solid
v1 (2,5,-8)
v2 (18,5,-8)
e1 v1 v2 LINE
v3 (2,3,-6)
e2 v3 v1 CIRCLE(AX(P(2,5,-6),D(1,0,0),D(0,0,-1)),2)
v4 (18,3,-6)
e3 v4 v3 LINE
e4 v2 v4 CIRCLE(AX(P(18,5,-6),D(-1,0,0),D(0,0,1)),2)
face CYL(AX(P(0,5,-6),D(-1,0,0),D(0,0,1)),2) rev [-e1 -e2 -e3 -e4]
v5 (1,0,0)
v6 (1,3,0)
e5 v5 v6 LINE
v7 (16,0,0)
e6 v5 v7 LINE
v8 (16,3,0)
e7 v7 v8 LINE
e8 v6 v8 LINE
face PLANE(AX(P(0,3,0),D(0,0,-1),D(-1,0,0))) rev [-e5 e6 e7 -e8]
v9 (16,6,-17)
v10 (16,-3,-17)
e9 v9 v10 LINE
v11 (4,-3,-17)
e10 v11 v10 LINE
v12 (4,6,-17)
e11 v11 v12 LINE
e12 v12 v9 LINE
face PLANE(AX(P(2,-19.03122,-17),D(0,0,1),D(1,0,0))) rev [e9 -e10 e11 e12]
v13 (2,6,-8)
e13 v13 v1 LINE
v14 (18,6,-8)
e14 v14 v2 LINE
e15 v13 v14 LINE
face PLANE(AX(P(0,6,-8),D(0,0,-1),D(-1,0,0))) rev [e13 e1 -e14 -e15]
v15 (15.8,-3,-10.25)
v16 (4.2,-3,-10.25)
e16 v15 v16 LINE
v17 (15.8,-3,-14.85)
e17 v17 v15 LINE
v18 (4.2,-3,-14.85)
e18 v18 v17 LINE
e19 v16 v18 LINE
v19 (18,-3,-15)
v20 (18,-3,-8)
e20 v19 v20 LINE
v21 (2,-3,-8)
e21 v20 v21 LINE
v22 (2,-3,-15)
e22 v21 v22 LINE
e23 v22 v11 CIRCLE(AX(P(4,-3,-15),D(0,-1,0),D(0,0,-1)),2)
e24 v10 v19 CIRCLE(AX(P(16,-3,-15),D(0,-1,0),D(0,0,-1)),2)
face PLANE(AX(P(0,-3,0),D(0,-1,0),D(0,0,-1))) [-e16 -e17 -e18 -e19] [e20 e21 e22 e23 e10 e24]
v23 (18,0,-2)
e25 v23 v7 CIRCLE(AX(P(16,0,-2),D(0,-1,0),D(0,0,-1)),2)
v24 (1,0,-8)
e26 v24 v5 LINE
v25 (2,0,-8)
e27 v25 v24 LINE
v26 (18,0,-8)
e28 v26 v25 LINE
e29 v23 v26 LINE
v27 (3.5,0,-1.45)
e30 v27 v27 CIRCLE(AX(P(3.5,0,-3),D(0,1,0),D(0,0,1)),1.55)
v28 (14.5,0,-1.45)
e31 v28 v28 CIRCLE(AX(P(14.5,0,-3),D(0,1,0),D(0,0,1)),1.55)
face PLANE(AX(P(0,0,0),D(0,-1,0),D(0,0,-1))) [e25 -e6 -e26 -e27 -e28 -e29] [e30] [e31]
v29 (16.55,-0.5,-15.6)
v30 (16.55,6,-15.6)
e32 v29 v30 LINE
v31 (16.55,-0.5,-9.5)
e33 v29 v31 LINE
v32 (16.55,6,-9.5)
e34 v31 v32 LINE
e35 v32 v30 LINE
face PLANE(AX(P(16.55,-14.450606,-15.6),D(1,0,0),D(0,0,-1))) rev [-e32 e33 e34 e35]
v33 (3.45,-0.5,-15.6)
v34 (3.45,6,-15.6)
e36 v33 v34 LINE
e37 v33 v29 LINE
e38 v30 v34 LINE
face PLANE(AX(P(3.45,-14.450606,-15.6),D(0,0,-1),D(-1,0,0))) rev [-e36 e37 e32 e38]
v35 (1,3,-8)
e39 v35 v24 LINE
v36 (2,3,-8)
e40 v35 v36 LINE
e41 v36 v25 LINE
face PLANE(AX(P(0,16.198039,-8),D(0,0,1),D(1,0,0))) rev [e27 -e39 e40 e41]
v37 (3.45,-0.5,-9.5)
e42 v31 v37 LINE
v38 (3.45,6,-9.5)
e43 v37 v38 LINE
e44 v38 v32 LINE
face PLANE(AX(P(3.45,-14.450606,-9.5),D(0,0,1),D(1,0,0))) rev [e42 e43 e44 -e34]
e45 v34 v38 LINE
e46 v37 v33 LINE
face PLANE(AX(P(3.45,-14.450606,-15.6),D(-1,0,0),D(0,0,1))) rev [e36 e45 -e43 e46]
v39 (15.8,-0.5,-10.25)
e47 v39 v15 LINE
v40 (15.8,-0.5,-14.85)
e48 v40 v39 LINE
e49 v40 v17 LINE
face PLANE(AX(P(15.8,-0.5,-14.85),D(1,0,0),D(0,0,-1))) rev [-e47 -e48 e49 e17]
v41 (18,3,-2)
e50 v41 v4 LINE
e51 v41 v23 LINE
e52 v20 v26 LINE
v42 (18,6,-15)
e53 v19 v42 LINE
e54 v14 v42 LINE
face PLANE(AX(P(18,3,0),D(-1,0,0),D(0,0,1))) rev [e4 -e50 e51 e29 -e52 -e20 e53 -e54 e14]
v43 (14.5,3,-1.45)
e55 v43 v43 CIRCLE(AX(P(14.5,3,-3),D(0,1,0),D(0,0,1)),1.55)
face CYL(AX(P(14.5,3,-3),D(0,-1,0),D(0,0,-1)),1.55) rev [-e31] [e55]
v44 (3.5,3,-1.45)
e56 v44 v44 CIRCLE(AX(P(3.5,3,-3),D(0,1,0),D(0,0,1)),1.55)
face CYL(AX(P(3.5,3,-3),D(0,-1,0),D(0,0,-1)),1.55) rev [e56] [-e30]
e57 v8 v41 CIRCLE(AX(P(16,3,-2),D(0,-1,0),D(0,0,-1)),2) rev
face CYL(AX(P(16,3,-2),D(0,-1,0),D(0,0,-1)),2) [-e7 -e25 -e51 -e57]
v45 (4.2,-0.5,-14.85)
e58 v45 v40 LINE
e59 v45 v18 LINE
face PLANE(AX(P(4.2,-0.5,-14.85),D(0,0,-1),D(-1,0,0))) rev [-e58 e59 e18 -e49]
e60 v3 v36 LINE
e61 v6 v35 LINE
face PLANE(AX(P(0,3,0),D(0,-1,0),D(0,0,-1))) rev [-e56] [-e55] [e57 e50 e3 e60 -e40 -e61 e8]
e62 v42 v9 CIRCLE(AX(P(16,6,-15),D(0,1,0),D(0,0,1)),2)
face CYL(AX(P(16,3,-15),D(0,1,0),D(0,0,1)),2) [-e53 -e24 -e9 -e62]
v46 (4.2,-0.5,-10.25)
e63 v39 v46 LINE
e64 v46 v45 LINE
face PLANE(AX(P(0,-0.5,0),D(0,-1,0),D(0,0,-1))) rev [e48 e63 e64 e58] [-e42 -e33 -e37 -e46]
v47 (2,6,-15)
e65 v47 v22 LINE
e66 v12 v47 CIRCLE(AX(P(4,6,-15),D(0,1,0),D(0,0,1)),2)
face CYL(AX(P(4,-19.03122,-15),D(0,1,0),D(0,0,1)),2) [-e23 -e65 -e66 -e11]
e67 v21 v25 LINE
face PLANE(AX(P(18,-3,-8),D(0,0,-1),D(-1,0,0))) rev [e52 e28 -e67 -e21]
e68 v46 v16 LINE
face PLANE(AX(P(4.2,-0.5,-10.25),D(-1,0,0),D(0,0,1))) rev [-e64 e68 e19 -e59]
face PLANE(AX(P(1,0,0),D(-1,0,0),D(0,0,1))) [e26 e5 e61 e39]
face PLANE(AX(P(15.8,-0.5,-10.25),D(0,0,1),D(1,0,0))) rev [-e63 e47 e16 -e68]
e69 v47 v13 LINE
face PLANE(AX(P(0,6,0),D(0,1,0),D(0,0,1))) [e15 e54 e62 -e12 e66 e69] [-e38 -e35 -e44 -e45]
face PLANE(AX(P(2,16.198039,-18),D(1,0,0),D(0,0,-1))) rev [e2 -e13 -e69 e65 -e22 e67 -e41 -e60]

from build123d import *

# Parameters (mm, degrees)
CROQUIS1_W              = 18
CROQUIS1_H              = 18
CROQUIS1_R              = 1.55
SALIENTE_EXTRUIR1_DEPTH = 3
CROQUIS3_W              = 18
CROQUIS3_H              = 10
SALIENTE_EXTRUIR3_DEPTH = 3
CROQUIS4_W              = 2
CROQUIS4_H              = 10
CORTAR_EXTRUIR1_DEPTH   = 6
CROQUIS7_W              = 13.1
CROQUIS7_H              = 6.1
CORTAR_EXTRUIR2_DEPTH   = 6
CROQUIS9_W              = 16
CROQUIS9_H              = 10
CROQUIS9_W_2            = 13.1
CROQUIS9_H_2            = 6.1
SALIENTE_EXTRUIR4_DEPTH = 3
CROQUIS10_W             = 13.1
CROQUIS10_H             = 6.1
CROQUIS10_W_2           = 11.6
CROQUIS10_H_2           = 4.6
SALIENTE_EXTRUIR6_DEPTH = 2.5
CROQUIS11_W             = 16
CROQUIS11_H             = 1
CORTAR_EXTRUIR4_DEPTH   = 9
REDONDEO1_R             = 2
CROQUIS12_W             = 8
CROQUIS12_H             = 3
CORTAR_EXTRUIR5_DEPTH   = 1
REDONDEO2_R             = 2


with BuildPart() as part:
    # Croquis1 → Saliente-Extruir1 (new body)
    with BuildSketch(Plane(origin=(0, 0, 0), x_dir=(1, 0, 0), z_dir=(0, 1, 0))):
        with Locations((9, 9)):
            Rectangle(CROQUIS1_W, CROQUIS1_H)
        with Locations((3.5, 3)):
            Circle(CROQUIS1_R, mode=Mode.SUBTRACT)
        with Locations((14.5, 3)):
            Circle(CROQUIS1_R, mode=Mode.SUBTRACT)
    extrude(amount=SALIENTE_EXTRUIR1_DEPTH)

    # Croquis3 → Saliente-Extruir3 (add)
    with BuildSketch(Plane(origin=(0, 3, 0), x_dir=(1, 0, 0), z_dir=(0, 1, 0))):
        with Locations((9, 13)):
            Rectangle(CROQUIS3_W, CROQUIS3_H)
    extrude(amount=SALIENTE_EXTRUIR3_DEPTH)

    # Croquis4 → Cortar-Extruir1 (cut)
    with BuildSketch(Plane.XZ):
        with Locations((1, -13)):
            Rectangle(CROQUIS4_W, CROQUIS4_H)
    extrude(amount=-CORTAR_EXTRUIR1_DEPTH, mode=Mode.SUBTRACT)

    # Croquis7 → Cortar-Extruir2 (cut)
    with BuildSketch(Plane(origin=(0, 6, 0), x_dir=(1, 0, 0), z_dir=(0, 1, 0))):
        with Locations((10, 12.55)):
            Rectangle(CROQUIS7_W, CROQUIS7_H)
    extrude(amount=-CORTAR_EXTRUIR2_DEPTH, mode=Mode.SUBTRACT)

    # Croquis9 → Saliente-Extruir4 (add)
    with BuildSketch(Plane.XZ):
        with Locations((10, -13)):
            Rectangle(CROQUIS9_W, CROQUIS9_H)
        with Locations((10, -12.55)):
            Rectangle(CROQUIS9_W_2, CROQUIS9_H_2, mode=Mode.SUBTRACT)
    extrude(amount=SALIENTE_EXTRUIR4_DEPTH)

    # Croquis10 → Saliente-Extruir6 (add)
    with BuildSketch(Plane.XZ.offset(3)):
        with Locations((10, -12.55)):
            Rectangle(CROQUIS10_W, CROQUIS10_H)
        with Locations((10, -12.55)):
            Rectangle(CROQUIS10_W_2, CROQUIS10_H_2, mode=Mode.SUBTRACT)
    extrude(amount=-SALIENTE_EXTRUIR6_DEPTH)

    # Croquis11 → Cortar-Extruir4 (cut)
    with BuildSketch(Plane(origin=(0, 6, 0), x_dir=(1, 0, 0), z_dir=(0, 1, 0))):
        with Locations((10, 17.5)):
            Rectangle(CROQUIS11_W, CROQUIS11_H)
    extrude(amount=-CORTAR_EXTRUIR4_DEPTH, mode=Mode.SUBTRACT)

    # Redondeo1
    redondeo1_edges = [part.edges().sort_by_distance(p)[0] for p in [
        (18, 1.5, -17),
        (2, 1.5, -17),
        (18, 1.5, 0),
    ]]
    fillet(redondeo1_edges, radius=REDONDEO1_R)

    # Croquis12 → Cortar-Extruir5 (cut)
    with BuildSketch(Plane.ZY):
        with Locations((-4, 1.5)):
            Rectangle(CROQUIS12_W, CROQUIS12_H)
    extrude(amount=-CORTAR_EXTRUIR5_DEPTH, mode=Mode.SUBTRACT)

    # Redondeo2
    redondeo2_edges = [part.edges().sort_by_distance(p)[0] for p in [
        (10, 3, -8),
    ]]
    fillet(redondeo2_edges, radius=REDONDEO2_R)


solid = part.part
